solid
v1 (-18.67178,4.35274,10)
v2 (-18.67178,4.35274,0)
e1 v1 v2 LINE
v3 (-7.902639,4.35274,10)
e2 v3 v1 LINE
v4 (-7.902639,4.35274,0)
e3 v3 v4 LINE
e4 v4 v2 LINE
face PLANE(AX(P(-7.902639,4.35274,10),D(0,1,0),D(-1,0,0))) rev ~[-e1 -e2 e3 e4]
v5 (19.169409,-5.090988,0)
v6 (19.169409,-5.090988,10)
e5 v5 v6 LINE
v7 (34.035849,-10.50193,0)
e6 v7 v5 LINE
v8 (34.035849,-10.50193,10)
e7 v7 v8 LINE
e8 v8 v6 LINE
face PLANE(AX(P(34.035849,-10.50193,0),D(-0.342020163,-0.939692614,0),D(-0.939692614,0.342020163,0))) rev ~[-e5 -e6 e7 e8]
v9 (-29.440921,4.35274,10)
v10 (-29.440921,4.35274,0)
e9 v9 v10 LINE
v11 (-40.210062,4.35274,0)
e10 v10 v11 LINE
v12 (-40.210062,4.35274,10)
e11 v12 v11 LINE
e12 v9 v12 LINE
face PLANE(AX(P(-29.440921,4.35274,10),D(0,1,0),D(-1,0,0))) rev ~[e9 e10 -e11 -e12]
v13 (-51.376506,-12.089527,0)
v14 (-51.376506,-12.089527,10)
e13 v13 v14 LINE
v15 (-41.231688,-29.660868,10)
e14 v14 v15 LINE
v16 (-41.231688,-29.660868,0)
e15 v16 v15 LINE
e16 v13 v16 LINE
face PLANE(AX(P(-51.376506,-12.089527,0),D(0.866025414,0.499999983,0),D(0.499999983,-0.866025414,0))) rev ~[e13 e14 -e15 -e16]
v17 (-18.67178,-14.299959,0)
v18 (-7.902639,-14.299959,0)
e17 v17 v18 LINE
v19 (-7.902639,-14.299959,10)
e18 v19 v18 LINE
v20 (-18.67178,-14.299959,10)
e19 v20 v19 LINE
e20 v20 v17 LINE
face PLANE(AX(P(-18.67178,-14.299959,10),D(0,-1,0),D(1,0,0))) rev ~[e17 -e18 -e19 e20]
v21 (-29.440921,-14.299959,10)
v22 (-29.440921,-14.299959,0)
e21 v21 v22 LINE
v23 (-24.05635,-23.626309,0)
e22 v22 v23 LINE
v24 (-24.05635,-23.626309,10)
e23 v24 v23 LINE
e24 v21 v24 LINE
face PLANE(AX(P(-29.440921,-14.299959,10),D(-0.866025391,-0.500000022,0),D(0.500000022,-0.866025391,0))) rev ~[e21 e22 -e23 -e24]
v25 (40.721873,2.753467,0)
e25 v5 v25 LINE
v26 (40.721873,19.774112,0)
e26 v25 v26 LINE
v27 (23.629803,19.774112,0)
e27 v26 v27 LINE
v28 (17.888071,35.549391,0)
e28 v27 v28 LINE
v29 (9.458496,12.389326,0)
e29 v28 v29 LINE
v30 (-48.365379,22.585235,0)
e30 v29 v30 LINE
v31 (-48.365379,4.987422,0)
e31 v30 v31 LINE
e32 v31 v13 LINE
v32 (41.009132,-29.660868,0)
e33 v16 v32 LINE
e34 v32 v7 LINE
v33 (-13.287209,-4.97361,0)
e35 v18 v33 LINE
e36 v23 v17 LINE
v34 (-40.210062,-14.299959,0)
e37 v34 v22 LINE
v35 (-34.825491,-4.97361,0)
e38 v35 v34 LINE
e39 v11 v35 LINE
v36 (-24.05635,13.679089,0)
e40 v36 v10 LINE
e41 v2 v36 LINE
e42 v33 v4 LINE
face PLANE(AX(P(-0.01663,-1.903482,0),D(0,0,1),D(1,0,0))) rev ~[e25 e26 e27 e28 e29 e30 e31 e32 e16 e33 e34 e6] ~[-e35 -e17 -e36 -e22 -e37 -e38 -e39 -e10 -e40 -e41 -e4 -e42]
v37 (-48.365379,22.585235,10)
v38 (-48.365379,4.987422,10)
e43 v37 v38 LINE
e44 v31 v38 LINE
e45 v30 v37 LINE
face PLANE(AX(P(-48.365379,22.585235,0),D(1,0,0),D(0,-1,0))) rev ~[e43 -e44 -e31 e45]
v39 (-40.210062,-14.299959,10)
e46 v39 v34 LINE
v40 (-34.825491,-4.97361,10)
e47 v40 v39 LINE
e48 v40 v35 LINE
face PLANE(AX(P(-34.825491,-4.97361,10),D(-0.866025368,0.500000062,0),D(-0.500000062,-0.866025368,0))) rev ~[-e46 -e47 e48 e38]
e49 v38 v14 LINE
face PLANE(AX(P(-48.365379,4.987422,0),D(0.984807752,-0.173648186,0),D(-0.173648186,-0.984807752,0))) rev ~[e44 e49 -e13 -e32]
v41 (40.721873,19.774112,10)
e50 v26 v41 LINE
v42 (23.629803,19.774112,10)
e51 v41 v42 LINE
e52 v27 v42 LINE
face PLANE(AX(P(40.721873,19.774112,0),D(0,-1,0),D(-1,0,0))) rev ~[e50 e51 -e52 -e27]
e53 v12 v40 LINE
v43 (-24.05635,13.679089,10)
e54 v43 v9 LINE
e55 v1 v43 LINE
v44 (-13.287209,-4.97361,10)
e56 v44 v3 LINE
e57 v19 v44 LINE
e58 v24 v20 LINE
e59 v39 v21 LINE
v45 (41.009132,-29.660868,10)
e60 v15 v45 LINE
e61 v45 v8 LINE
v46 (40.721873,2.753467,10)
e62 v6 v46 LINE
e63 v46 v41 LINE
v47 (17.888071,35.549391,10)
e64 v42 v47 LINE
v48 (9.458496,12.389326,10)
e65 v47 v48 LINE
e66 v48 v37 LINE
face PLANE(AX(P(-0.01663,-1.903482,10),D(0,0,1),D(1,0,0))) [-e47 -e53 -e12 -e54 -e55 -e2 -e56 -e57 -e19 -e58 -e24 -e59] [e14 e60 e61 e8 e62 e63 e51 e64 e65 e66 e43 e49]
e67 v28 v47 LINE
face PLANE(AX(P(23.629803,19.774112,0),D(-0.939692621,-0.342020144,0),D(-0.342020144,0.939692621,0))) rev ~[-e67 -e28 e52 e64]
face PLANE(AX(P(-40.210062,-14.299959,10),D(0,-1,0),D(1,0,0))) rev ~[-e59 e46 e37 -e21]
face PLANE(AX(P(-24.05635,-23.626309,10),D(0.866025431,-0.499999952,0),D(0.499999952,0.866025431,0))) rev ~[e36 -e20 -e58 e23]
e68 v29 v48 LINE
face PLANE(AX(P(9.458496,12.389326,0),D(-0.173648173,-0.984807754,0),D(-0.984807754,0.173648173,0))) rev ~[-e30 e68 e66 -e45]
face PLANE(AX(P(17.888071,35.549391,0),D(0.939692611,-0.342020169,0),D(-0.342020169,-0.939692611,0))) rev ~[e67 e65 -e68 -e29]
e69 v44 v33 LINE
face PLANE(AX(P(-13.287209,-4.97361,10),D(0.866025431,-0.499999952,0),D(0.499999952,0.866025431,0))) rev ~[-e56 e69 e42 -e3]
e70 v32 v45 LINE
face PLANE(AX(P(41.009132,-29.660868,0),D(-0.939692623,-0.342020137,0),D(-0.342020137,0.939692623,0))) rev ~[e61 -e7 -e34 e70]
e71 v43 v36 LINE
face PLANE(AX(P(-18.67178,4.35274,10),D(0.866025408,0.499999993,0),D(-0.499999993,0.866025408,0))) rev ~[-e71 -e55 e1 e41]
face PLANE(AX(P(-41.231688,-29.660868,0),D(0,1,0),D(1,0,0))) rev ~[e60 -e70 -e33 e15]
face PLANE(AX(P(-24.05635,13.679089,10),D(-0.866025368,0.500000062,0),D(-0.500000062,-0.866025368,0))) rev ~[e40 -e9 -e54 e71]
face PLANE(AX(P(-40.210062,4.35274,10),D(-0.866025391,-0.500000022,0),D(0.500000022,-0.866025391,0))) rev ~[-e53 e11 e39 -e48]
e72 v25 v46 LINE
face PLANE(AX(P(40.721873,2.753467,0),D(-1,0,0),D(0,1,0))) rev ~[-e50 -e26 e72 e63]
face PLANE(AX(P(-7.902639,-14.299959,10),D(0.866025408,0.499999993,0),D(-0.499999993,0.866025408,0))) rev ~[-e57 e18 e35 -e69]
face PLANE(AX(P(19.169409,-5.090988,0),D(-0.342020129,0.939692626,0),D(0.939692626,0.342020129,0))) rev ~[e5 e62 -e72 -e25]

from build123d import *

# Parameters (mm, degrees)
PAD_DEPTH    = 10
POCKET_DEPTH = 10.001


with BuildPart() as part:
    # Sketch → Pad (new body)
    with BuildSketch(Plane.XY):
        Polygon((-41.231688, -29.660868), (41.009132, -29.660868), (34.035849, -10.50193), (19.169409, -5.090988), (40.721873, 2.753467), (40.721873, 19.774112), (23.629803, 19.774112), (17.888071, 35.549391), (9.458496, 12.389326), (-48.365379, 22.585235), (-48.365379, 4.987422), (-51.376506, -12.089527), align=None)
    extrude(amount=PAD_DEPTH)

    # Sketch001 (on Face14 of Pad) → Pocket (cut, through all)
    with BuildSketch(Plane.XY.offset(10)):
        Polygon((-7.902639, -14.299959), (-13.287209, -4.97361), (-7.902639, 4.35274), (-18.67178, 4.35274), (-24.05635, 13.679089), (-29.440921, 4.35274), (-40.210062, 4.35274), (-34.825491, -4.97361), (-40.210062, -14.299959), (-29.440921, -14.299959), (-24.05635, -23.626309), (-18.67178, -14.299959), align=None)
    extrude(amount=-POCKET_DEPTH, mode=Mode.SUBTRACT)


solid = part.part
